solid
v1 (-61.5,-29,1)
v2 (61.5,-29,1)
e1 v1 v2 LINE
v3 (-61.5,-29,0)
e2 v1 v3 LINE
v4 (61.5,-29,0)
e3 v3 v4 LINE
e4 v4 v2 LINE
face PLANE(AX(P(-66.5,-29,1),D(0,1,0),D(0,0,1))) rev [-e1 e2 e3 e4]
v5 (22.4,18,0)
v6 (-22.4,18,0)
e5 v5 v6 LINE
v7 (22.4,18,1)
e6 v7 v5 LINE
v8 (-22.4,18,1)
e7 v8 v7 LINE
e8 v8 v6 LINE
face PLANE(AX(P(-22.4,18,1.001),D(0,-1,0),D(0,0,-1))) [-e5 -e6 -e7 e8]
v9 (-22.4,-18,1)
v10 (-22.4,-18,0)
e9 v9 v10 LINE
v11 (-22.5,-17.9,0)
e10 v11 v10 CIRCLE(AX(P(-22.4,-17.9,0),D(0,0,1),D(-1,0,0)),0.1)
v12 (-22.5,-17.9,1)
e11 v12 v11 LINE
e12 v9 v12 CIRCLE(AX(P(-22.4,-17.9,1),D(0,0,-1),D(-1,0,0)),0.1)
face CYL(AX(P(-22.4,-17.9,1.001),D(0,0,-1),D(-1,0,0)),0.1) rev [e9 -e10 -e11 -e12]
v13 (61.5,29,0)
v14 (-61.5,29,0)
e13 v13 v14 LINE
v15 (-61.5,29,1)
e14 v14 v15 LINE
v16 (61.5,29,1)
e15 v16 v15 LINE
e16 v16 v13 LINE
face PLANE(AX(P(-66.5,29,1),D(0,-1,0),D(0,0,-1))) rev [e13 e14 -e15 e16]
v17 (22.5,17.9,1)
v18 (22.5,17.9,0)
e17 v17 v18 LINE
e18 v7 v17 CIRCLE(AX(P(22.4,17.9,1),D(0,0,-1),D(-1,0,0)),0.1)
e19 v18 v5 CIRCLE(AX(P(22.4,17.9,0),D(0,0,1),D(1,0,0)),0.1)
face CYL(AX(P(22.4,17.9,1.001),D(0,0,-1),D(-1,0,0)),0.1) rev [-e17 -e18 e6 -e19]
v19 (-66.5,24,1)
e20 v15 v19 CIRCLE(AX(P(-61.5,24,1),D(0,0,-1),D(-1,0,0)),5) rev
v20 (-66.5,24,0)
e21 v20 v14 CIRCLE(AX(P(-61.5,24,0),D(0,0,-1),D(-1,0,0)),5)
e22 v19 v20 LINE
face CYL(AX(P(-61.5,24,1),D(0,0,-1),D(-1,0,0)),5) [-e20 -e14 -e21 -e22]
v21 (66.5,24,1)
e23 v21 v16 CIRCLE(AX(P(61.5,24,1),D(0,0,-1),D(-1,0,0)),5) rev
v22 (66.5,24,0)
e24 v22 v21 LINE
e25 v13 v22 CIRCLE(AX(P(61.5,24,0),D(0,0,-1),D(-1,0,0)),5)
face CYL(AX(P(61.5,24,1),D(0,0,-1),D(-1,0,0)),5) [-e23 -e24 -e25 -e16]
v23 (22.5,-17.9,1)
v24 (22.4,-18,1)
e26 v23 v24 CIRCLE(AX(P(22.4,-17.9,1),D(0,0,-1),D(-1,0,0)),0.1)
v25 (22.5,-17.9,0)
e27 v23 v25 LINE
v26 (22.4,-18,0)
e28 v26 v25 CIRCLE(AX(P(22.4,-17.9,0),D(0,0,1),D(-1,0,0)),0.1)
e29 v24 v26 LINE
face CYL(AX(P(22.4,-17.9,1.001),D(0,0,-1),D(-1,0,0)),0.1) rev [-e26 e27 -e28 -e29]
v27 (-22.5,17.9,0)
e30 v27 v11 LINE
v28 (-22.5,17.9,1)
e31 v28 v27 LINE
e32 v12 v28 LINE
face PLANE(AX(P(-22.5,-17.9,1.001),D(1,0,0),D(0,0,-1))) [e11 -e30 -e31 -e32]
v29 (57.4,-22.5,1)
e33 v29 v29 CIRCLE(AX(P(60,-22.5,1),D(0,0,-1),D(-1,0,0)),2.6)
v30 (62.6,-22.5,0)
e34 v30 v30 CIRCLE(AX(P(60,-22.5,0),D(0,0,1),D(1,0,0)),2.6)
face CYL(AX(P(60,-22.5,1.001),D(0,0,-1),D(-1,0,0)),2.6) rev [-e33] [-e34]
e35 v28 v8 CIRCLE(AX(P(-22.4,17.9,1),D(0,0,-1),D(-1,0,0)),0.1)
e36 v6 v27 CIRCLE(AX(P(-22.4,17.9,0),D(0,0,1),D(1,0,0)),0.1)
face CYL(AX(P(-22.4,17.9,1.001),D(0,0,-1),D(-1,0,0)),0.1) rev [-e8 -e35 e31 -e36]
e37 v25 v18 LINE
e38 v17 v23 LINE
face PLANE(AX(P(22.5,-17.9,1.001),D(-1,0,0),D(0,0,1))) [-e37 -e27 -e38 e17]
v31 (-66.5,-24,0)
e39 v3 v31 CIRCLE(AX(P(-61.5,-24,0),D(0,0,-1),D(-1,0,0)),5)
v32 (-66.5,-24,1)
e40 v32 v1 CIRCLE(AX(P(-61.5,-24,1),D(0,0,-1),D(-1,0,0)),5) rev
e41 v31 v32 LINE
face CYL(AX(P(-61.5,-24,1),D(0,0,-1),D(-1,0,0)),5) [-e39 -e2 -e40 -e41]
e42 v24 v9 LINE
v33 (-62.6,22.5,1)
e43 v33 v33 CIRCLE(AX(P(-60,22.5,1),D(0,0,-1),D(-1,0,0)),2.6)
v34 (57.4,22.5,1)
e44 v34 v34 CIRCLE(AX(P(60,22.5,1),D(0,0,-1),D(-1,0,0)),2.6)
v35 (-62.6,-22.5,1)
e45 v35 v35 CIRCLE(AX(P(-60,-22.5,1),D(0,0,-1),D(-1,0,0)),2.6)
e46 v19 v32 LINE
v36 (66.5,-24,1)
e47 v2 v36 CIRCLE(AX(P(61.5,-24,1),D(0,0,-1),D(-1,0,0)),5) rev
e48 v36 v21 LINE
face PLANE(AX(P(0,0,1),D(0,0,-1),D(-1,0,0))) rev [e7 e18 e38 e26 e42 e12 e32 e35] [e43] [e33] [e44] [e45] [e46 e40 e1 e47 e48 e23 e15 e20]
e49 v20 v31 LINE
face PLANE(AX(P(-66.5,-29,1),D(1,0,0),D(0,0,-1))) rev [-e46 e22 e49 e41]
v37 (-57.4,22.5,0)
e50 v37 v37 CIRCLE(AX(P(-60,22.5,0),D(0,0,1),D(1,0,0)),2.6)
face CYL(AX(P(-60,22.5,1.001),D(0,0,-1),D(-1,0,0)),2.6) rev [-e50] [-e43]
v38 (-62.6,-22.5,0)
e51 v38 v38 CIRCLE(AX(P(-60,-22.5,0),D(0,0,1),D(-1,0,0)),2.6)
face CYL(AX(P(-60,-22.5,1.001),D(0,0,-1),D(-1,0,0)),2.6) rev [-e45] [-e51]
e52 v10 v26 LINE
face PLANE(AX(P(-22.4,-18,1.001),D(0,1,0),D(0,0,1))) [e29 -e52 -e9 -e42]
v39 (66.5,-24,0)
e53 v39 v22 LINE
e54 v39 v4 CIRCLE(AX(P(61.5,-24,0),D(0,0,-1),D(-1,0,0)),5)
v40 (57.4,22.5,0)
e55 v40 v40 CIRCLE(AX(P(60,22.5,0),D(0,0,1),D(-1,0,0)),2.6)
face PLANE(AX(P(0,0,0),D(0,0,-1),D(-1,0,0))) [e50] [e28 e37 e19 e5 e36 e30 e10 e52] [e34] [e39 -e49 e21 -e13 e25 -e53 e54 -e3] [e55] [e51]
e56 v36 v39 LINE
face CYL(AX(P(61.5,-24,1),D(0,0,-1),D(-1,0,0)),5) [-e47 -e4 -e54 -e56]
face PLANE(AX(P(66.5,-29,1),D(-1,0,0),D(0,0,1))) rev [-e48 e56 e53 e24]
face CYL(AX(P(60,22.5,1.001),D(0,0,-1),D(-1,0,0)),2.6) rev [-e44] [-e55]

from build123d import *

# Parameters (mm, degrees)
SKETCH1_W           = 133
SKETCH1_H           = 58
BOSS_EXTRUDE1_DEPTH = 1
CUT_EXTRUDE1_REACH  = 74.555
FILLET1_R           = 5
CUT_EXTRUDE2_REACH  = 74.555
SKETCH3_R           = 2.6


with BuildPart() as part:
    # Sketch1 → Boss-Extrude1 (new body)
    with BuildSketch(Plane.XY):
        Rectangle(SKETCH1_W, SKETCH1_H)
    extrude(amount=BOSS_EXTRUDE1_DEPTH)

    # Sketch2 → Cut-Extrude1 (cut, up to next)
    with BuildSketch(Plane.XY, mode=Mode.PRIVATE) as cut_extrude1_sk1:
        with BuildLine():
            Line((-22.4, -18), (22.4, -18))
            ThreePointArc((22.4, -18), (22.470710678, -17.970710678), (22.5, -17.9))
            Line((22.5, -17.9), (22.5, 17.9))
            ThreePointArc((22.5, 17.9), (22.470710678, 17.970710678), (22.4, 18))
            Line((22.4, 18), (-22.4, 18))
            ThreePointArc((-22.4, 18), (-22.470710678, 17.970710678), (-22.5, 17.9))
            Line((-22.5, 17.9), (-22.5, -17.9))
            ThreePointArc((-22.5, -17.9), (-22.470710678, -17.970710678), (-22.4, -18))
        make_face()
    cut_extrude1_tool1 = extrude(cut_extrude1_sk1.sketch, amount=CUT_EXTRUDE1_REACH, mode=Mode.PRIVATE) & part.part
    add(cut_extrude1_tool1.solids().sort_by_distance((0, 0, 0))[0], mode=Mode.SUBTRACT)

    # Fillet1
    fillet1_edges = [part.edges().sort_by_distance(p)[0] for p in [
        (66.5, -29, 0.5),
        (-66.5, -29, 0.5),
        (-66.5, 29, 0.5),
        (66.5, 29, 0.5),
    ]]
    fillet(fillet1_edges, radius=FILLET1_R)

    # Sketch3 → Cut-Extrude2 (cut, up to next)
    with BuildSketch(Plane.XY, mode=Mode.PRIVATE) as cut_extrude2_sk1:
        with Locations(Location((-60, 22.5, 0), (0, 0, 180))):
            Circle(SKETCH3_R)
    cut_extrude2_tool1 = extrude(cut_extrude2_sk1.sketch, amount=CUT_EXTRUDE2_REACH, mode=Mode.PRIVATE) & part.part
    # Sketch3 → Cut-Extrude2 (cut, up to next)
    with BuildSketch(Plane.XY, mode=Mode.PRIVATE) as cut_extrude2_sk2:
        with Locations(Location((60, 22.5, 0), (0, 0, 180))):
            Circle(SKETCH3_R)
    cut_extrude2_tool2 = extrude(cut_extrude2_sk2.sketch, amount=CUT_EXTRUDE2_REACH, mode=Mode.PRIVATE) & part.part
    # Sketch3 → Cut-Extrude2 (cut, up to next)
    with BuildSketch(Plane.XY, mode=Mode.PRIVATE) as cut_extrude2_sk3:
        with Locations(Location((60, -22.5, 0), (0, 0, 180))):
            Circle(SKETCH3_R)
    cut_extrude2_tool3 = extrude(cut_extrude2_sk3.sketch, amount=CUT_EXTRUDE2_REACH, mode=Mode.PRIVATE) & part.part
    # Sketch3 → Cut-Extrude2 (cut, up to next)
    with BuildSketch(Plane.XY, mode=Mode.PRIVATE) as cut_extrude2_sk4:
        with Locations(Location((-60, -22.5, 0), (0, 0, 180))):
            Circle(SKETCH3_R)
    cut_extrude2_tool4 = extrude(cut_extrude2_sk4.sketch, amount=CUT_EXTRUDE2_REACH, mode=Mode.PRIVATE) & part.part
    add(cut_extrude2_tool1.solids().sort_by_distance((-60, 22.5, 0))[0], mode=Mode.SUBTRACT)
    add(cut_extrude2_tool2.solids().sort_by_distance((60, 22.5, 0))[0], mode=Mode.SUBTRACT)
    add(cut_extrude2_tool3.solids().sort_by_distance((60, -22.5, 0))[0], mode=Mode.SUBTRACT)
    add(cut_extrude2_tool4.solids().sort_by_distance((-60, -22.5, 0))[0], mode=Mode.SUBTRACT)


solid = part.part
